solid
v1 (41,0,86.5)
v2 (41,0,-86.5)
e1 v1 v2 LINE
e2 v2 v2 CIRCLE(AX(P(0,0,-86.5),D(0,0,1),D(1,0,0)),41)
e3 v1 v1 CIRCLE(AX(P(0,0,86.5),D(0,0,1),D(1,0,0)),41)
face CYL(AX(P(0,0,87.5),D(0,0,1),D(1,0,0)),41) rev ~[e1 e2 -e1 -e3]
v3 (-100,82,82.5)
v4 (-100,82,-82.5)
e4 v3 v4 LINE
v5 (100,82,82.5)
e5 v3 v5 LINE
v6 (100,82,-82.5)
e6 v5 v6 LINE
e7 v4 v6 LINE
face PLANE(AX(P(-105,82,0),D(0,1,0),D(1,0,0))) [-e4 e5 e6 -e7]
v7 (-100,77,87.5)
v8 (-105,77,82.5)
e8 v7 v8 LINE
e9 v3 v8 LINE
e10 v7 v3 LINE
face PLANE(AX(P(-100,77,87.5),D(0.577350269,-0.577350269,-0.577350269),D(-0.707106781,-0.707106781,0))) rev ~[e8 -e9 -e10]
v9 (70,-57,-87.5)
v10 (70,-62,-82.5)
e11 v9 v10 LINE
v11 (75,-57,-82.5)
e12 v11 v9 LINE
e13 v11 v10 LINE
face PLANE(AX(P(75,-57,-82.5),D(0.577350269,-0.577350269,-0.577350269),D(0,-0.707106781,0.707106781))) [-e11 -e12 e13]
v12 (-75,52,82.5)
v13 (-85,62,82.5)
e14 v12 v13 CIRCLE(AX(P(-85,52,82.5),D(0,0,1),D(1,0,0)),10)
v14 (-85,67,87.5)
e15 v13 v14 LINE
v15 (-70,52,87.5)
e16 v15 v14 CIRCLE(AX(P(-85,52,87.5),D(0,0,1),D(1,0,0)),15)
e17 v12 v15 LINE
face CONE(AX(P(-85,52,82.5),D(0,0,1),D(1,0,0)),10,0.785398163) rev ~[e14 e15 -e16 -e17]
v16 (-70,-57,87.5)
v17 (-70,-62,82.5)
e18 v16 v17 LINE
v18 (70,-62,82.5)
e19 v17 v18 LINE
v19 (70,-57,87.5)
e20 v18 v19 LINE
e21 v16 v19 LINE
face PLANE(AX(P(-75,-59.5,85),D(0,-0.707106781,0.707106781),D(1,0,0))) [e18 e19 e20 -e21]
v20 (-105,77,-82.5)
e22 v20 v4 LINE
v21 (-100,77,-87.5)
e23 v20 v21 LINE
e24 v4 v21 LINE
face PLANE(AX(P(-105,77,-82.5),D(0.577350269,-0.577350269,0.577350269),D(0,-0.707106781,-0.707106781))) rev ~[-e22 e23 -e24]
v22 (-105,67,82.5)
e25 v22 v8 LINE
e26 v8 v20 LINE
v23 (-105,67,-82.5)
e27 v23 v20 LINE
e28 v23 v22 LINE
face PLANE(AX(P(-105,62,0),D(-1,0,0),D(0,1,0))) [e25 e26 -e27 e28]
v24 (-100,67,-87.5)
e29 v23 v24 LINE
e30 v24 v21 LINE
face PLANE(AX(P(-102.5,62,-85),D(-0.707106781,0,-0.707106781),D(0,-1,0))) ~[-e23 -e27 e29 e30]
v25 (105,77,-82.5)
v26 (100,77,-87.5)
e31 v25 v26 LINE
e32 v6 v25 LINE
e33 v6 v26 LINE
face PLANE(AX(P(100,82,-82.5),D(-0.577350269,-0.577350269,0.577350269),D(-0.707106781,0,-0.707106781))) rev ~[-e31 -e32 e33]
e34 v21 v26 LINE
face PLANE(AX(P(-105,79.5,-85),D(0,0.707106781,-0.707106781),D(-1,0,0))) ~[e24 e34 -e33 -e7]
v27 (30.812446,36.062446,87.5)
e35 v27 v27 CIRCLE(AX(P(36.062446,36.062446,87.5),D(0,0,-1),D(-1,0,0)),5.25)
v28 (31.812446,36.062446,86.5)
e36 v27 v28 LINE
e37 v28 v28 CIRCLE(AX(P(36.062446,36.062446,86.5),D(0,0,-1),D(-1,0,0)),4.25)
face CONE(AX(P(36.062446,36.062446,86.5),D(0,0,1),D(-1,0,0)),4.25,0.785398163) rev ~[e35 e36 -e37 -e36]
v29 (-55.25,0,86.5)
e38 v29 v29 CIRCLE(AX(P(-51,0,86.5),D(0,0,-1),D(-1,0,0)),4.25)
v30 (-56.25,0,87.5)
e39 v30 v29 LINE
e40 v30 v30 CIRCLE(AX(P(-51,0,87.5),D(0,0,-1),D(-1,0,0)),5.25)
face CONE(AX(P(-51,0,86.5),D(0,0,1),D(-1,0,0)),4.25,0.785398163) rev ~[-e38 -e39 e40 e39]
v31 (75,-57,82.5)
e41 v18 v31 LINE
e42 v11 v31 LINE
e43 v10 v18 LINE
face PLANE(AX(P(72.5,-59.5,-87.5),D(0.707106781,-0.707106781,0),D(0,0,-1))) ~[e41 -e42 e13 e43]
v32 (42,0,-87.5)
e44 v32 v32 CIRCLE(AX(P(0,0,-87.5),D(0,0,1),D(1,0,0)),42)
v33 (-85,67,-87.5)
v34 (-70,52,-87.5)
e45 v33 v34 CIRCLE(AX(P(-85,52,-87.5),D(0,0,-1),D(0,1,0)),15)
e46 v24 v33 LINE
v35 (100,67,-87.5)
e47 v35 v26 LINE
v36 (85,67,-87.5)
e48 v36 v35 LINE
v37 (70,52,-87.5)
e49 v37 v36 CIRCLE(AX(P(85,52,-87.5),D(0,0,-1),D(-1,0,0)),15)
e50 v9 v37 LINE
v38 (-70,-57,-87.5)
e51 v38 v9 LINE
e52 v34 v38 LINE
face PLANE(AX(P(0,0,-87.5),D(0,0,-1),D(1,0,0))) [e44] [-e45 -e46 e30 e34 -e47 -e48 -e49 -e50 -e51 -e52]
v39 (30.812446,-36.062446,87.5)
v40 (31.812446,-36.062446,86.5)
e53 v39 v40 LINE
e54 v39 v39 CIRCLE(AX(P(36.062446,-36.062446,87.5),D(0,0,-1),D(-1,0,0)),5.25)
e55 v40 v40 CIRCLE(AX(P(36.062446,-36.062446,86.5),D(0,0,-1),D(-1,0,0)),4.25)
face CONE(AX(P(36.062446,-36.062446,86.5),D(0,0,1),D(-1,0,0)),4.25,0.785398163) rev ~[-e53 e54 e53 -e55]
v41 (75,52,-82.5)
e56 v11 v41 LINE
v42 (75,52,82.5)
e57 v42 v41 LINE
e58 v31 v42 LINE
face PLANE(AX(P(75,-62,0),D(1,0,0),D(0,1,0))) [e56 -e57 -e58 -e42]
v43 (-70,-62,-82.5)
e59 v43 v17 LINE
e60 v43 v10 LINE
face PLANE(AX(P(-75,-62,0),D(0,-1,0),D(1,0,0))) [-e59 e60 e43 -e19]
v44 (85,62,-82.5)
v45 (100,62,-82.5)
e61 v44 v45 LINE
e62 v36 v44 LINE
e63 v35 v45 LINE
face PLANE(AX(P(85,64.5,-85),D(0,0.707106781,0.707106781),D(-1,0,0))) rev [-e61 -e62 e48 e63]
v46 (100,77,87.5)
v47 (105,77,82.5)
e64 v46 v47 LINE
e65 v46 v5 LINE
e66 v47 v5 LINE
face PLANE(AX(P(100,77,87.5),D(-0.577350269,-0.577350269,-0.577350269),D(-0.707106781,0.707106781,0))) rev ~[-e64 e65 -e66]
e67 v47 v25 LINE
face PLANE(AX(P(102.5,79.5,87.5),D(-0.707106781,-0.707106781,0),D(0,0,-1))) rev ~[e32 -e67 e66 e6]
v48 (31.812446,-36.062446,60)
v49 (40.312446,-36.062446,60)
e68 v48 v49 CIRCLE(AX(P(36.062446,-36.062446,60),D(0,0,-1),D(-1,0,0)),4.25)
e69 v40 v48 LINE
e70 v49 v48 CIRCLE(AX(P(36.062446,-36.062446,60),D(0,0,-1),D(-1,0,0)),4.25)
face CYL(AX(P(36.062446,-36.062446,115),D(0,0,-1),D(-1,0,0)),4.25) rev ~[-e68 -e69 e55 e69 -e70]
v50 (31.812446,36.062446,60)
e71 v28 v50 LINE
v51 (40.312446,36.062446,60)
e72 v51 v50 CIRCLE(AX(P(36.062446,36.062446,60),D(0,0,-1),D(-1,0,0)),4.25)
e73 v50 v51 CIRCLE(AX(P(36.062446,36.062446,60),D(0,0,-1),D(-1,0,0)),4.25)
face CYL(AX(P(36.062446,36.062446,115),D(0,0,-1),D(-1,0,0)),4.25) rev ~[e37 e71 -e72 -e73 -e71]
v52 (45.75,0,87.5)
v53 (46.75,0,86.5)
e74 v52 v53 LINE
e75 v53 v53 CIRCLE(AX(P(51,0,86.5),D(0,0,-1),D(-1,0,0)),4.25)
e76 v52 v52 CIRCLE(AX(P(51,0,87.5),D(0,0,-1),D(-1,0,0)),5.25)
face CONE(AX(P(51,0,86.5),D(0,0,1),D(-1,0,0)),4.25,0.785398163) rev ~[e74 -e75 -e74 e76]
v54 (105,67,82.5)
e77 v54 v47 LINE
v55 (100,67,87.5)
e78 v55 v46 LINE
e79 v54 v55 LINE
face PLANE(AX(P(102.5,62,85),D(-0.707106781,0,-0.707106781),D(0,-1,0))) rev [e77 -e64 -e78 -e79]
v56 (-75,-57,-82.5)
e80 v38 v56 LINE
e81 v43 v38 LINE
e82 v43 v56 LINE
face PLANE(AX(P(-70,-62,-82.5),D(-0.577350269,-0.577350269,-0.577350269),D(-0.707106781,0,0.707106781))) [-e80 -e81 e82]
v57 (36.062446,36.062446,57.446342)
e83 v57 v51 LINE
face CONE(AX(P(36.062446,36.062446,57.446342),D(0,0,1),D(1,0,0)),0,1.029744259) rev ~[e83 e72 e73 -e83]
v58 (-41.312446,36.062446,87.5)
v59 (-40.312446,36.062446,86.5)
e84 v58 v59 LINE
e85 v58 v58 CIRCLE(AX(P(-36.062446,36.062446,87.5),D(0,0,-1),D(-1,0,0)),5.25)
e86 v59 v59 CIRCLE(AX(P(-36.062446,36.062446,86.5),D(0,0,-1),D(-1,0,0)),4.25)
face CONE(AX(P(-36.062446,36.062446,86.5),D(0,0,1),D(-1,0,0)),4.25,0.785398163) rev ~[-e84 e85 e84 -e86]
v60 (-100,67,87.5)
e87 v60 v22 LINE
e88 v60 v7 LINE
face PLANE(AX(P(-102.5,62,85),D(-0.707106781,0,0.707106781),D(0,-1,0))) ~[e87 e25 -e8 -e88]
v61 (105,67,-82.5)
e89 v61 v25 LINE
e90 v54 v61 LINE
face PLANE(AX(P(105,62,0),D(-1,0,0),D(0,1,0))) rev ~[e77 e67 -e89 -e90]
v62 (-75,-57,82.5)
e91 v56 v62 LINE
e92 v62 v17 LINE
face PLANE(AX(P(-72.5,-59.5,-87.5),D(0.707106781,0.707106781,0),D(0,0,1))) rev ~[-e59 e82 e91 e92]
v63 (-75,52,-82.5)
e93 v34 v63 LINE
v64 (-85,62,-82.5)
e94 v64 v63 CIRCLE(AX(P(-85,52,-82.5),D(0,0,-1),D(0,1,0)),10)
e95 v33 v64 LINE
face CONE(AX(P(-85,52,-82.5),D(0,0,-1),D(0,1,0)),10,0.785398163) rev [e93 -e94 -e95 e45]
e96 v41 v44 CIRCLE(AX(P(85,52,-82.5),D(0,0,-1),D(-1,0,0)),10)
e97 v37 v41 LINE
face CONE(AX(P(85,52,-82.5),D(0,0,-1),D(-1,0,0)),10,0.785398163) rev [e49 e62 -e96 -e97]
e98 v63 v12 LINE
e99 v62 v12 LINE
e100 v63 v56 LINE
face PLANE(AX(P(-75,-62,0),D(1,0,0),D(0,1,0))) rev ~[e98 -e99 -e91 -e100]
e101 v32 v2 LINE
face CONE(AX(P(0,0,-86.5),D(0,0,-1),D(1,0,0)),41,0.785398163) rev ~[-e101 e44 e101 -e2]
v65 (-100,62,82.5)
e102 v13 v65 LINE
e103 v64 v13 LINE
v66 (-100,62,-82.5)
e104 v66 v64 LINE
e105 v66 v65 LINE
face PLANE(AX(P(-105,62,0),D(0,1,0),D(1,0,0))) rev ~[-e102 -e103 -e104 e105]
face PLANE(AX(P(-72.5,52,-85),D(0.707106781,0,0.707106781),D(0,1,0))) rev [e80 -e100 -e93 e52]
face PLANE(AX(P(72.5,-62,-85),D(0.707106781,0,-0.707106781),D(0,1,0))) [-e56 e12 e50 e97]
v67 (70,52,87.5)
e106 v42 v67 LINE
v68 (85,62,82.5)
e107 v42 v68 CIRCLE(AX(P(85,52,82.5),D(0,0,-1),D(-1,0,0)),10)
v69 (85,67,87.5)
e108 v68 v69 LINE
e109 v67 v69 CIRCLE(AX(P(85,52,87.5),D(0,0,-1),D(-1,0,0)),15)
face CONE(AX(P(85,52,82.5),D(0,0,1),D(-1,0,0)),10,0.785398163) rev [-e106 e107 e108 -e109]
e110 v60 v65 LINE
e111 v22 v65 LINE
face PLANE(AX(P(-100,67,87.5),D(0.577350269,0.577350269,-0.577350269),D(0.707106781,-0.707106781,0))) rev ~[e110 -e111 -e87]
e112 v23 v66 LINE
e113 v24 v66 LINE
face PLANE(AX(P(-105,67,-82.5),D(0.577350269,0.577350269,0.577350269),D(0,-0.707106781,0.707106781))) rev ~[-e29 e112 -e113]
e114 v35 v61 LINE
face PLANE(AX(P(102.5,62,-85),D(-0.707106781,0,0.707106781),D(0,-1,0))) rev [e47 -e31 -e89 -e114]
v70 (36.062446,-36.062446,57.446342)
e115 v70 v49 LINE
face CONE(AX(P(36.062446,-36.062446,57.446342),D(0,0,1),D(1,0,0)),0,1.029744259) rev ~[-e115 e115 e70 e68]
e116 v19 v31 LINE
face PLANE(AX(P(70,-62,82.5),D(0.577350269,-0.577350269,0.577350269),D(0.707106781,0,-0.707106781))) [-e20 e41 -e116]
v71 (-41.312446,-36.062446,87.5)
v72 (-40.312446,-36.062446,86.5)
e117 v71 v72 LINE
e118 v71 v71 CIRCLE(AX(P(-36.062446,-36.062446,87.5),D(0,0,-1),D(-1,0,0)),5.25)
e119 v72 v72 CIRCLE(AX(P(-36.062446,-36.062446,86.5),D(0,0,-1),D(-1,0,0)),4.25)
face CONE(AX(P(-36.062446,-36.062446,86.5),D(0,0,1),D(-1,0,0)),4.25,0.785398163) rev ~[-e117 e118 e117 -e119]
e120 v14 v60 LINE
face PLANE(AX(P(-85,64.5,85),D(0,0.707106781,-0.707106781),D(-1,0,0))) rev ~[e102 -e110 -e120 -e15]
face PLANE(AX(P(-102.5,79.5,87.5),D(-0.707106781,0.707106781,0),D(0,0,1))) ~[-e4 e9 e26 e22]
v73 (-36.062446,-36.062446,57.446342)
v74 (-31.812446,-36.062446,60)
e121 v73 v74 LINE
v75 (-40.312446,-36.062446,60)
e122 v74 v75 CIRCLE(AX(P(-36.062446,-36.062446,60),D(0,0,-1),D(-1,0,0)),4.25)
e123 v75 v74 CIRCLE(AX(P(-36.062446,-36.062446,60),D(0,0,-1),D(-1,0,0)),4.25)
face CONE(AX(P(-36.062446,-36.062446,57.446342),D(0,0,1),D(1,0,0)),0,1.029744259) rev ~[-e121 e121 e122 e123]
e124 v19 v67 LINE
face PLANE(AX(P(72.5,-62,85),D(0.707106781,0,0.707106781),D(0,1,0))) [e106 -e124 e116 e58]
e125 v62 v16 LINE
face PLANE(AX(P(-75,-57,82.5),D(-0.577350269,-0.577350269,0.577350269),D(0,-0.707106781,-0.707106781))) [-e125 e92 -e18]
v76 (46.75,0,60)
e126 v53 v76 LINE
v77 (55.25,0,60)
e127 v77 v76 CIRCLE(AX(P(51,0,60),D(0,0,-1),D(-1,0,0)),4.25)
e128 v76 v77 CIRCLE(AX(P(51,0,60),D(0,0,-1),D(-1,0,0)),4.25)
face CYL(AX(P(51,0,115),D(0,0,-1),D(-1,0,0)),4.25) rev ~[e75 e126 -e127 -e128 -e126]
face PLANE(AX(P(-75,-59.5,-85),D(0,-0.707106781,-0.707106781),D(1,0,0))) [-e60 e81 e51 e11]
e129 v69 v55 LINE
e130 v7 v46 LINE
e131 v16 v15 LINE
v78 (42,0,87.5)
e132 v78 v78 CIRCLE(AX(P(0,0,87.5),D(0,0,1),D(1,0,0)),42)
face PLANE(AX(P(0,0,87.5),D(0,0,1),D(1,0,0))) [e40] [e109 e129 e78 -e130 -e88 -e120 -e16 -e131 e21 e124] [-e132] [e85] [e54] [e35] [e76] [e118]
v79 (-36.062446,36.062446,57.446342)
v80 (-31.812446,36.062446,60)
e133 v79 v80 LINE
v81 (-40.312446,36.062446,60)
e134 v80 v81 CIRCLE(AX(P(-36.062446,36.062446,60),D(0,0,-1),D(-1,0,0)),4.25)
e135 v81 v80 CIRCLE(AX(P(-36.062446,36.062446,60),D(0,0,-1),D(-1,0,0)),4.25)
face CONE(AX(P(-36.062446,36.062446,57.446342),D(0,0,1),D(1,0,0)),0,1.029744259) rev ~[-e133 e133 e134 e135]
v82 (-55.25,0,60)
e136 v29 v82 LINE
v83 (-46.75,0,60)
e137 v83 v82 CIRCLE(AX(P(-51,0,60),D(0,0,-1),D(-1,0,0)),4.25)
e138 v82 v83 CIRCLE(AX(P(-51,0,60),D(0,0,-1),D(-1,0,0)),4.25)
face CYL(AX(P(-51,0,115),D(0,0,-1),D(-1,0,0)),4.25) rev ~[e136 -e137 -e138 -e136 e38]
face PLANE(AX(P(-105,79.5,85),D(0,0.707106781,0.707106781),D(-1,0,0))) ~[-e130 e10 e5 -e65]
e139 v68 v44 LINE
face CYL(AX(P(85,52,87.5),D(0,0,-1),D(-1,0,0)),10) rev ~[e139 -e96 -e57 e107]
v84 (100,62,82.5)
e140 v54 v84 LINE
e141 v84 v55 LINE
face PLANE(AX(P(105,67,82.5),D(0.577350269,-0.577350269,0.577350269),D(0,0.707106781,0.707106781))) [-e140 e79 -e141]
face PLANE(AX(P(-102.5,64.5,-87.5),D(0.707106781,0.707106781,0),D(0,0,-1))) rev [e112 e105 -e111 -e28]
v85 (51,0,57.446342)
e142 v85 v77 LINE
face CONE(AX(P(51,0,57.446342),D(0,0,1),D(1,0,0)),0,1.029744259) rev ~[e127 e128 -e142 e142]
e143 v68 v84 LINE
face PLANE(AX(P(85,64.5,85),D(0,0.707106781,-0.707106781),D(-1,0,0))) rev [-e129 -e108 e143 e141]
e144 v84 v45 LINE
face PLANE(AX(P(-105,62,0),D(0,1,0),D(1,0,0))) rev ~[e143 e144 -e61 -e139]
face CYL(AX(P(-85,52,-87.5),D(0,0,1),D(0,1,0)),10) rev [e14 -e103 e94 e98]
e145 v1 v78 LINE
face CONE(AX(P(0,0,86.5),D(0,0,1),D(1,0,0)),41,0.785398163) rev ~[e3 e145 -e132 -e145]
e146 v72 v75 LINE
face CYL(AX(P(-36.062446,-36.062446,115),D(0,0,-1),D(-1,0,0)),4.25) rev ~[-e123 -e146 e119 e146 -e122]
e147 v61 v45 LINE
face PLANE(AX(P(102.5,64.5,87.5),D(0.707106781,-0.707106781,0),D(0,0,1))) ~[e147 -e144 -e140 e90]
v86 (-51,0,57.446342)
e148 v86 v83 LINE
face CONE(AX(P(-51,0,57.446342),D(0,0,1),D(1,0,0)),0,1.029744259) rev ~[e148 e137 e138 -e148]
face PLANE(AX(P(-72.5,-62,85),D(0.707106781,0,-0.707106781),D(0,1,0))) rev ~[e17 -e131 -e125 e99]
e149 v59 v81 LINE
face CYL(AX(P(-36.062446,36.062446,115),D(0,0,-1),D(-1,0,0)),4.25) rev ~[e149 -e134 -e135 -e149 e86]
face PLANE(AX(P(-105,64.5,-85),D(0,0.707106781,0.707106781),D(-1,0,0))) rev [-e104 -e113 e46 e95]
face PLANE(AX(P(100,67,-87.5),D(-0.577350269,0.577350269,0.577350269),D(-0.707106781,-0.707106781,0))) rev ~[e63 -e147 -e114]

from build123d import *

# Parameters (mm, degrees)
SKETCH1_W                       = 150
SKETCH1_H                       = 124
BOSS_EXTRUDE1_DEPTH             = 87.5
BOSS_EXTRUDE2_REACH             = 132.863
SKETCH8_W                       = 210
SKETCH8_H                       = 20
BOSS_EXTRUDE2_DIRECTION_2_REACH = 132.863
CUT_EXTRUDE1_REACH              = 221.941
SKETCH2_R                       = 41
M10_TAPPED_HOLE1_D              = 8.5
M10_TAPPED_HOLE1_DEPTH          = 27.5
M10_TAPPED_HOLE1_TIP            = 2.553657631
FILLET1_R                       = 10
CHAMFER1_SIZE                   = 5
CHAMFER2_SIZE                   = 1


with BuildPart() as part:
    # Sketch1 → Boss-Extrude1 (new, symmetric)
    with BuildSketch(Plane.XY):
        Rectangle(SKETCH1_W, SKETCH1_H)
    extrude(amount=BOSS_EXTRUDE1_DEPTH, both=True)

    # Boss-Extrude2: up to this face of the body (flat: up to its plane)
    boss_extrude2_end = Plane(part.part.faces().sort_by_distance((0, 0, -87.5))[0])
    # Sketch8 → Boss-Extrude2 (add, up to the picked face)
    with BuildSketch(Plane.XY, mode=Mode.PRIVATE) as boss_extrude2_sk1:
        with Locations((0, 72)):
            Rectangle(SKETCH8_W, SKETCH8_H)
    boss_extrude2_tool1 = split(extrude(boss_extrude2_sk1.sketch, amount=-BOSS_EXTRUDE2_REACH, mode=Mode.PRIVATE), bisect_by=boss_extrude2_end, keep=Keep.BOTH, mode=Mode.PRIVATE)
    add(boss_extrude2_tool1.solids().sort_by(Axis((0, 72, 0), (0, 0, -1)))[0])

    # Boss-Extrude2 direction 2: up to this face of the body (flat: up to its plane)
    boss_extrude2_direction_2_end = Plane(part.part.faces().sort_by_distance((0, 0, 87.5))[0])
    # Sketch8 → Boss-Extrude2 direction 2 (add, up to the picked face)
    with BuildSketch(Plane.XY, mode=Mode.PRIVATE) as boss_extrude2_direction_2_sk1:
        with Locations((0, 72)):
            Rectangle(SKETCH8_W, SKETCH8_H)
    boss_extrude2_direction_2_tool1 = split(extrude(boss_extrude2_direction_2_sk1.sketch, amount=BOSS_EXTRUDE2_DIRECTION_2_REACH, mode=Mode.PRIVATE), bisect_by=boss_extrude2_direction_2_end, keep=Keep.BOTH, mode=Mode.PRIVATE)
    add(boss_extrude2_direction_2_tool1.solids().sort_by(Axis((0, 72, 0), (0, 0, 1)))[0])

    # Sketch2 → Cut-Extrude1 (cut, up to next)
    with BuildSketch(Plane.XY.offset(87.5), mode=Mode.PRIVATE) as cut_extrude1_sk1:
        Circle(SKETCH2_R)
    cut_extrude1_tool1 = extrude(cut_extrude1_sk1.sketch, amount=-CUT_EXTRUDE1_REACH, mode=Mode.PRIVATE) & part.part
    add(cut_extrude1_tool1.solids().sort_by_distance((0, 0, 87.5))[0], mode=Mode.SUBTRACT)

    # M10 Tapped Hole1
    with Locations(Plane.XY.offset(87.5)):
        with Locations((-36.062445841, -36.062445841), (-36.062445841, 36.062445841), (-51, 0), (36.062445841, 36.062445841), (51, 0), (36.062445841, -36.062445841)):
            Hole(M10_TAPPED_HOLE1_D / 2, depth=M10_TAPPED_HOLE1_DEPTH)
            with Locations((0, 0, -(M10_TAPPED_HOLE1_DEPTH + M10_TAPPED_HOLE1_TIP / 2))):  # 118° drill point
                Cone(0, M10_TAPPED_HOLE1_D / 2, M10_TAPPED_HOLE1_TIP, mode=Mode.SUBTRACT)

    # Fillet1
    fillet1_edges = [part.edges().sort_by_distance(p)[0] for p in [
        (-75, 62, 0),
        (75, 62, 0),
    ]]
    fillet(fillet1_edges, radius=FILLET1_R)

    # Chamfer1
    chamfer1_edges = [part.edges().sort_by_distance(p)[0] for p in [
        (-95, 62, -87.5),
        (95, 62, 87.5),
        (105, 62, 0),
        (105, 72, -87.5),
        (105, 82, 0),
        (105, 72, 87.5),
        (0, 82, -87.5),
        (-105, 82, 0),
        (0, 82, 87.5),
        (-105, 72, -87.5),
        (-105, 62, 0),
        (-105, 72, 87.5),
        (0, -62, 87.5),
        (75, -5, 87.5),
        (0, -62, -87.5),
        (75, -5, -87.5),
        (-75, -5, -87.5),
        (-75, -5, 87.5),
        (-95, 62, 87.5),
        (95, 62, -87.5),
        (-77.928932188, 59.071067812, -87.5),
        (-77.928932188, 59.071067812, 87.5),
        (77.928932188, 59.071067812, -87.5),
        (77.928932188, 59.071067812, 87.5),
        (75, -62, 0),
        (-75, -62, 0),
    ]]
    chamfer(chamfer1_edges, length=CHAMFER1_SIZE)

    # Chamfer2
    chamfer2_edges = [part.edges().sort_by_distance(p)[0] for p in [
        (-41, 0, -87.5),
        (-41, 0, 87.5),
        (-31.812445841, -36.062445841, 87.5),
        (-46.75, 0, 87.5),
        (-31.812445841, 36.062445841, 87.5),
        (40.312445841, -36.062445841, 87.5),
        (55.25, 0, 87.5),
        (40.312445841, 36.062445841, 87.5),
    ]]
    chamfer(chamfer2_edges, length=CHAMFER2_SIZE)


solid = part.part
